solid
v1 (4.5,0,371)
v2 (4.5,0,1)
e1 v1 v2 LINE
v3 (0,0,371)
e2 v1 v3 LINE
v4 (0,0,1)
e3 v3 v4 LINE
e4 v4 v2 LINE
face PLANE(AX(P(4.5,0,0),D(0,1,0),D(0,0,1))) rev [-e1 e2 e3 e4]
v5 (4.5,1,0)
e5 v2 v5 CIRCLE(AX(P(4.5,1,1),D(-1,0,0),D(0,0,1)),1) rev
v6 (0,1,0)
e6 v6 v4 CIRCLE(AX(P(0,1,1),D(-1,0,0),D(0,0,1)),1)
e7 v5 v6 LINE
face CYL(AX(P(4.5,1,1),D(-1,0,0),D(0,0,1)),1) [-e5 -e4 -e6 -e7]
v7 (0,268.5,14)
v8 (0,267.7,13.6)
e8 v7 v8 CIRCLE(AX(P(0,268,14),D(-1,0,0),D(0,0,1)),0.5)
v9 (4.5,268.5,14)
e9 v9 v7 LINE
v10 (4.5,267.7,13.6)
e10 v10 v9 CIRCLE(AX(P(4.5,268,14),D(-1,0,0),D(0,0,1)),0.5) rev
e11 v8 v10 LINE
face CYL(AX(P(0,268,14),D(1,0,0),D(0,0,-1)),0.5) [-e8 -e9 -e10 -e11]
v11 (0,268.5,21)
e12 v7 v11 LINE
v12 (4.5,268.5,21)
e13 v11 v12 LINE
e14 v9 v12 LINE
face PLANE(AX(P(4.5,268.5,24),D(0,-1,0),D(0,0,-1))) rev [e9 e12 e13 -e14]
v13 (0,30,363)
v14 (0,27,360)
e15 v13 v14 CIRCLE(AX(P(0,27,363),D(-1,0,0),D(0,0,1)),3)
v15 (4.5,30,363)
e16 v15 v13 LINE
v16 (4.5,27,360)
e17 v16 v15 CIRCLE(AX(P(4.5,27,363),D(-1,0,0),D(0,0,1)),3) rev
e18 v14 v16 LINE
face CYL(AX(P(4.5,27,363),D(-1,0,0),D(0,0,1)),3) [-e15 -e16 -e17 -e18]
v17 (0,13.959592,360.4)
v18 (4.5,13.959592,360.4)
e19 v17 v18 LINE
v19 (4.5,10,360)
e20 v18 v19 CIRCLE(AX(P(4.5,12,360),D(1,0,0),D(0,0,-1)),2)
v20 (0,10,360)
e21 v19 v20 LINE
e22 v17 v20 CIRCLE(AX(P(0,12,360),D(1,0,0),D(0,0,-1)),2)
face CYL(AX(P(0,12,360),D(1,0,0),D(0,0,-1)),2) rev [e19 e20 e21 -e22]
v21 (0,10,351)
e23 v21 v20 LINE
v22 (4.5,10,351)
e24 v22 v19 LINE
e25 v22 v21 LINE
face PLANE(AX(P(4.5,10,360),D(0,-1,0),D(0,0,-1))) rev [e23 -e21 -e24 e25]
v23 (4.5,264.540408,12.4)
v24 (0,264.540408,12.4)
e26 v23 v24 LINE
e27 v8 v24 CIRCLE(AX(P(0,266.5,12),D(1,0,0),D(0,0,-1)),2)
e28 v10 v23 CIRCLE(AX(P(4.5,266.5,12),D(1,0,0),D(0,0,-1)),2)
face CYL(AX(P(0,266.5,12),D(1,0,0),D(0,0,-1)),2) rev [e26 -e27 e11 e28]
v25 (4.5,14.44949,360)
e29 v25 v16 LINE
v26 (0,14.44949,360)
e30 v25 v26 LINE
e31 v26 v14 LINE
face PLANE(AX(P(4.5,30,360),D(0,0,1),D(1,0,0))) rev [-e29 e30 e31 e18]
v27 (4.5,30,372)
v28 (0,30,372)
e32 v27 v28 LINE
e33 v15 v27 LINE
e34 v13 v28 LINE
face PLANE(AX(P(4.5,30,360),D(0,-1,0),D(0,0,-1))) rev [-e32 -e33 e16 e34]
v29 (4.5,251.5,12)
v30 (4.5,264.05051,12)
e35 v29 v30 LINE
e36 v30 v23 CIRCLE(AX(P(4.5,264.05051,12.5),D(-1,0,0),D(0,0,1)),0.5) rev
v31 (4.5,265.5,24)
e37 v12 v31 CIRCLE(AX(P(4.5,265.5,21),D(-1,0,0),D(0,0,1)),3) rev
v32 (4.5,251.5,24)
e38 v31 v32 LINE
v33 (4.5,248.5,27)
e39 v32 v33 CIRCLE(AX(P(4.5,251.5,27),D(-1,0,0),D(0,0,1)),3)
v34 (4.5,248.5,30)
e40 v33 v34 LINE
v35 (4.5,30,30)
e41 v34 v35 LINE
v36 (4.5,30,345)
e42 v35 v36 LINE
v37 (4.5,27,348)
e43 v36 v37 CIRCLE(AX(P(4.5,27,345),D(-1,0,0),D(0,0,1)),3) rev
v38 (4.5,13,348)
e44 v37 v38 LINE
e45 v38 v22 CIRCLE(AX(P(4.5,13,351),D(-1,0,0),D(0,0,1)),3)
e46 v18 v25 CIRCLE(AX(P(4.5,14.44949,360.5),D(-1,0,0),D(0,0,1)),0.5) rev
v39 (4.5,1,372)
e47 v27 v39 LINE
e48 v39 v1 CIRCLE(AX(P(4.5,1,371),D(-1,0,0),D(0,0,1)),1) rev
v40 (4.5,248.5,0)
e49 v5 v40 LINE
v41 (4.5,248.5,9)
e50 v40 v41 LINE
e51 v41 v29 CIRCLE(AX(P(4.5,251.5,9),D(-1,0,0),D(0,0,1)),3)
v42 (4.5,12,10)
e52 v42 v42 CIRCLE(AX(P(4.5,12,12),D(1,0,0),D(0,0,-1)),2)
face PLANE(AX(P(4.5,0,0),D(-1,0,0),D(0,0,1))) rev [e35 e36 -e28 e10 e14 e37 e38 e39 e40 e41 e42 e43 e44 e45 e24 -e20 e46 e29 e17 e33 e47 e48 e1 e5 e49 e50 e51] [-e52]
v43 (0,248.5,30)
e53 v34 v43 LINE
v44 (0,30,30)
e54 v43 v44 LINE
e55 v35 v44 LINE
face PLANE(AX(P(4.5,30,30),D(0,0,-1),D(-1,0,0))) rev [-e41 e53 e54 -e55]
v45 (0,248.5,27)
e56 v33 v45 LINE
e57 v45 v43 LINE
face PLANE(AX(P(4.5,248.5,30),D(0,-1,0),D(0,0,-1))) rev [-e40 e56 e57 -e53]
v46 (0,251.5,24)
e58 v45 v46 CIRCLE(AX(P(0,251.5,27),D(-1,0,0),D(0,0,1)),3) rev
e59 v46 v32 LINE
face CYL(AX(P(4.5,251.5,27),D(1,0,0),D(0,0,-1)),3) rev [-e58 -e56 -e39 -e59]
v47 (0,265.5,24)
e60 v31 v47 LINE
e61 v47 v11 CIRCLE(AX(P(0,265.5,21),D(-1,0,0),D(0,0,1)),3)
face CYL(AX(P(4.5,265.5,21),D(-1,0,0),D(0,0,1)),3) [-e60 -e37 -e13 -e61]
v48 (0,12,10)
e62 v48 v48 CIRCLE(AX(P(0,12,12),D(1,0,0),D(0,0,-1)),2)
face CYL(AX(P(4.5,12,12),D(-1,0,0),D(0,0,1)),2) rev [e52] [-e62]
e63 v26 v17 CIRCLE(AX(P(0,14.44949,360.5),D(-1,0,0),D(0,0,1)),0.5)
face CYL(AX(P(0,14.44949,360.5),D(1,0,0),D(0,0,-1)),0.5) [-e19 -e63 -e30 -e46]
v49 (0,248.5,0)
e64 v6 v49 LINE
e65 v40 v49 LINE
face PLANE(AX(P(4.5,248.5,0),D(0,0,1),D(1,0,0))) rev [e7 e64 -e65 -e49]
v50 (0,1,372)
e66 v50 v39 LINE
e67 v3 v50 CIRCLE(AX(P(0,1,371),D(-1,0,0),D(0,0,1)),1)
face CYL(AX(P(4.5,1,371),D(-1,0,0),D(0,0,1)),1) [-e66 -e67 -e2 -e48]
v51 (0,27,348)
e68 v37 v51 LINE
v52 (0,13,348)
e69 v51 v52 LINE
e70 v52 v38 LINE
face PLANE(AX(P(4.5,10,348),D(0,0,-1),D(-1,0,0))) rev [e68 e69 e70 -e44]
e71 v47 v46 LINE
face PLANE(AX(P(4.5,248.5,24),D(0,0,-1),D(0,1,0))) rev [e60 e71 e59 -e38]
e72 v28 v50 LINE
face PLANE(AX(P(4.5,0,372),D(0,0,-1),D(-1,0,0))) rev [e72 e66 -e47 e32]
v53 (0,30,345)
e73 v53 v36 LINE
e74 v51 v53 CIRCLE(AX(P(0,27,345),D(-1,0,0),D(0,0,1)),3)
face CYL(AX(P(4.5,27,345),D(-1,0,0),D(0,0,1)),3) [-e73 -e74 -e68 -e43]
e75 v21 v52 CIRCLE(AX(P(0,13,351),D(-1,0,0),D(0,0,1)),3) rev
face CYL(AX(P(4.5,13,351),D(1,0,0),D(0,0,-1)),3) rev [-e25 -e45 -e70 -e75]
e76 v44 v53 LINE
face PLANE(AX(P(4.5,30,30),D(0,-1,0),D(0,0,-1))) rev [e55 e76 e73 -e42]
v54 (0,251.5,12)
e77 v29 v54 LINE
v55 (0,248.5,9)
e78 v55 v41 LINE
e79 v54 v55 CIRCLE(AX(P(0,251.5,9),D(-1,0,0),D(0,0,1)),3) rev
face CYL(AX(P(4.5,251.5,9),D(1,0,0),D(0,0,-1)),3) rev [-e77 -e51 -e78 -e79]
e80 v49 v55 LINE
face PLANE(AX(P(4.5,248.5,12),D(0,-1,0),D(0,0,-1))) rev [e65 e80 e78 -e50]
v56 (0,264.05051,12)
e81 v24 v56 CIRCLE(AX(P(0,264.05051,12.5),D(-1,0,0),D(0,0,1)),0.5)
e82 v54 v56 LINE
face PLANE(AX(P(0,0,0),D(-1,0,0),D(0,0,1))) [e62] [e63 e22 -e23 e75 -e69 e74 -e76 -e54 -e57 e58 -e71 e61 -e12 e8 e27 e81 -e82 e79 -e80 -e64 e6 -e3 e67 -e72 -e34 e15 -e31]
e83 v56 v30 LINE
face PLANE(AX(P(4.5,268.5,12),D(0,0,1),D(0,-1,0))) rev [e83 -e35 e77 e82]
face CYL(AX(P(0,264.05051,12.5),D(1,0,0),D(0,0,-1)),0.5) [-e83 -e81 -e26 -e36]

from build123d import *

# Parameters (mm, degrees)
SKETCH2_R           = 2
BOSS_EXTRUDE1_DEPTH = 4.5
SKETCH3_R           = 2
CUT_EXTRUDE1_DEPTH  = 459.798975587
FILLET2_R           = 0.5
FILLET4_R           = 0.5
FILLET5_R           = 0.5
FILLET6_R           = 3
FILLET7_R           = 3
FILLET8_R           = 1


with BuildPart() as part:
    # Sketch2 → Boss-Extrude1 (new body)
    with BuildSketch(Plane(origin=(0, 0, 0), x_dir=(0, 0, -1), z_dir=(1, 0, 0))):
        Polygon((-30, 30), (-30, 248.5), (-24, 248.5), (-24, 268.5), (-12, 268.5), (-12, 248.5), (0, 248.5), (0, 0), (-372, 0), (-372, 30), (-360, 30), (-360, 10), (-348, 10), (-348, 30), align=None)
        with Locations((-12, 12)):
            Circle(SKETCH2_R, mode=Mode.SUBTRACT)
    extrude(amount=BOSS_EXTRUDE1_DEPTH)

    # Sketch3 → Cut-Extrude1 (cut, through all)
    with BuildSketch(Plane(origin=(4.5, 0, 0), x_dir=(0, 0, -1), z_dir=(1, 0, 0))):
        with Locations((-12, 266.5)):
            Circle(SKETCH3_R)
        with Locations((-360, 12)):
            Circle(SKETCH3_R)
    extrude(amount=-CUT_EXTRUDE1_DEPTH, mode=Mode.SUBTRACT)

    # Fillet2
    fillet2_edges = [part.edges().sort_by_distance(p)[0] for p in [
        (2.25, 264.5, 12),
    ]]
    fillet(fillet2_edges, radius=FILLET2_R)

    # Fillet4
    fillet4_edges = [part.edges().sort_by_distance(p)[0] for p in [
        (2.25, 268.5, 12),
    ]]
    fillet(fillet4_edges, radius=FILLET4_R)

    # Fillet5
    fillet5_edges = [part.edges().sort_by_distance(p)[0] for p in [
        (2.25, 14, 360),
    ]]
    fillet(fillet5_edges, radius=FILLET5_R)

    # Fillet6
    fillet6_edges = [part.edges().sort_by_distance(p)[0] for p in [
        (2.25, 30, 360),
        (2.25, 30, 348),
        (2.25, 248.5, 24),
        (2.25, 248.5, 12),
    ]]
    fillet(fillet6_edges, radius=FILLET6_R)

    # Fillet7
    fillet7_edges = [part.edges().sort_by_distance(p)[0] for p in [
        (2.25, 10, 348),
        (2.25, 268.5, 24),
    ]]
    fillet(fillet7_edges, radius=FILLET7_R)

    # Fillet8
    fillet8_edges = [part.edges().sort_by_distance(p)[0] for p in [
        (2.25, 0, 0),
        (2.25, 0, 372),
    ]]
    fillet(fillet8_edges, radius=FILLET8_R)


solid = part.part
